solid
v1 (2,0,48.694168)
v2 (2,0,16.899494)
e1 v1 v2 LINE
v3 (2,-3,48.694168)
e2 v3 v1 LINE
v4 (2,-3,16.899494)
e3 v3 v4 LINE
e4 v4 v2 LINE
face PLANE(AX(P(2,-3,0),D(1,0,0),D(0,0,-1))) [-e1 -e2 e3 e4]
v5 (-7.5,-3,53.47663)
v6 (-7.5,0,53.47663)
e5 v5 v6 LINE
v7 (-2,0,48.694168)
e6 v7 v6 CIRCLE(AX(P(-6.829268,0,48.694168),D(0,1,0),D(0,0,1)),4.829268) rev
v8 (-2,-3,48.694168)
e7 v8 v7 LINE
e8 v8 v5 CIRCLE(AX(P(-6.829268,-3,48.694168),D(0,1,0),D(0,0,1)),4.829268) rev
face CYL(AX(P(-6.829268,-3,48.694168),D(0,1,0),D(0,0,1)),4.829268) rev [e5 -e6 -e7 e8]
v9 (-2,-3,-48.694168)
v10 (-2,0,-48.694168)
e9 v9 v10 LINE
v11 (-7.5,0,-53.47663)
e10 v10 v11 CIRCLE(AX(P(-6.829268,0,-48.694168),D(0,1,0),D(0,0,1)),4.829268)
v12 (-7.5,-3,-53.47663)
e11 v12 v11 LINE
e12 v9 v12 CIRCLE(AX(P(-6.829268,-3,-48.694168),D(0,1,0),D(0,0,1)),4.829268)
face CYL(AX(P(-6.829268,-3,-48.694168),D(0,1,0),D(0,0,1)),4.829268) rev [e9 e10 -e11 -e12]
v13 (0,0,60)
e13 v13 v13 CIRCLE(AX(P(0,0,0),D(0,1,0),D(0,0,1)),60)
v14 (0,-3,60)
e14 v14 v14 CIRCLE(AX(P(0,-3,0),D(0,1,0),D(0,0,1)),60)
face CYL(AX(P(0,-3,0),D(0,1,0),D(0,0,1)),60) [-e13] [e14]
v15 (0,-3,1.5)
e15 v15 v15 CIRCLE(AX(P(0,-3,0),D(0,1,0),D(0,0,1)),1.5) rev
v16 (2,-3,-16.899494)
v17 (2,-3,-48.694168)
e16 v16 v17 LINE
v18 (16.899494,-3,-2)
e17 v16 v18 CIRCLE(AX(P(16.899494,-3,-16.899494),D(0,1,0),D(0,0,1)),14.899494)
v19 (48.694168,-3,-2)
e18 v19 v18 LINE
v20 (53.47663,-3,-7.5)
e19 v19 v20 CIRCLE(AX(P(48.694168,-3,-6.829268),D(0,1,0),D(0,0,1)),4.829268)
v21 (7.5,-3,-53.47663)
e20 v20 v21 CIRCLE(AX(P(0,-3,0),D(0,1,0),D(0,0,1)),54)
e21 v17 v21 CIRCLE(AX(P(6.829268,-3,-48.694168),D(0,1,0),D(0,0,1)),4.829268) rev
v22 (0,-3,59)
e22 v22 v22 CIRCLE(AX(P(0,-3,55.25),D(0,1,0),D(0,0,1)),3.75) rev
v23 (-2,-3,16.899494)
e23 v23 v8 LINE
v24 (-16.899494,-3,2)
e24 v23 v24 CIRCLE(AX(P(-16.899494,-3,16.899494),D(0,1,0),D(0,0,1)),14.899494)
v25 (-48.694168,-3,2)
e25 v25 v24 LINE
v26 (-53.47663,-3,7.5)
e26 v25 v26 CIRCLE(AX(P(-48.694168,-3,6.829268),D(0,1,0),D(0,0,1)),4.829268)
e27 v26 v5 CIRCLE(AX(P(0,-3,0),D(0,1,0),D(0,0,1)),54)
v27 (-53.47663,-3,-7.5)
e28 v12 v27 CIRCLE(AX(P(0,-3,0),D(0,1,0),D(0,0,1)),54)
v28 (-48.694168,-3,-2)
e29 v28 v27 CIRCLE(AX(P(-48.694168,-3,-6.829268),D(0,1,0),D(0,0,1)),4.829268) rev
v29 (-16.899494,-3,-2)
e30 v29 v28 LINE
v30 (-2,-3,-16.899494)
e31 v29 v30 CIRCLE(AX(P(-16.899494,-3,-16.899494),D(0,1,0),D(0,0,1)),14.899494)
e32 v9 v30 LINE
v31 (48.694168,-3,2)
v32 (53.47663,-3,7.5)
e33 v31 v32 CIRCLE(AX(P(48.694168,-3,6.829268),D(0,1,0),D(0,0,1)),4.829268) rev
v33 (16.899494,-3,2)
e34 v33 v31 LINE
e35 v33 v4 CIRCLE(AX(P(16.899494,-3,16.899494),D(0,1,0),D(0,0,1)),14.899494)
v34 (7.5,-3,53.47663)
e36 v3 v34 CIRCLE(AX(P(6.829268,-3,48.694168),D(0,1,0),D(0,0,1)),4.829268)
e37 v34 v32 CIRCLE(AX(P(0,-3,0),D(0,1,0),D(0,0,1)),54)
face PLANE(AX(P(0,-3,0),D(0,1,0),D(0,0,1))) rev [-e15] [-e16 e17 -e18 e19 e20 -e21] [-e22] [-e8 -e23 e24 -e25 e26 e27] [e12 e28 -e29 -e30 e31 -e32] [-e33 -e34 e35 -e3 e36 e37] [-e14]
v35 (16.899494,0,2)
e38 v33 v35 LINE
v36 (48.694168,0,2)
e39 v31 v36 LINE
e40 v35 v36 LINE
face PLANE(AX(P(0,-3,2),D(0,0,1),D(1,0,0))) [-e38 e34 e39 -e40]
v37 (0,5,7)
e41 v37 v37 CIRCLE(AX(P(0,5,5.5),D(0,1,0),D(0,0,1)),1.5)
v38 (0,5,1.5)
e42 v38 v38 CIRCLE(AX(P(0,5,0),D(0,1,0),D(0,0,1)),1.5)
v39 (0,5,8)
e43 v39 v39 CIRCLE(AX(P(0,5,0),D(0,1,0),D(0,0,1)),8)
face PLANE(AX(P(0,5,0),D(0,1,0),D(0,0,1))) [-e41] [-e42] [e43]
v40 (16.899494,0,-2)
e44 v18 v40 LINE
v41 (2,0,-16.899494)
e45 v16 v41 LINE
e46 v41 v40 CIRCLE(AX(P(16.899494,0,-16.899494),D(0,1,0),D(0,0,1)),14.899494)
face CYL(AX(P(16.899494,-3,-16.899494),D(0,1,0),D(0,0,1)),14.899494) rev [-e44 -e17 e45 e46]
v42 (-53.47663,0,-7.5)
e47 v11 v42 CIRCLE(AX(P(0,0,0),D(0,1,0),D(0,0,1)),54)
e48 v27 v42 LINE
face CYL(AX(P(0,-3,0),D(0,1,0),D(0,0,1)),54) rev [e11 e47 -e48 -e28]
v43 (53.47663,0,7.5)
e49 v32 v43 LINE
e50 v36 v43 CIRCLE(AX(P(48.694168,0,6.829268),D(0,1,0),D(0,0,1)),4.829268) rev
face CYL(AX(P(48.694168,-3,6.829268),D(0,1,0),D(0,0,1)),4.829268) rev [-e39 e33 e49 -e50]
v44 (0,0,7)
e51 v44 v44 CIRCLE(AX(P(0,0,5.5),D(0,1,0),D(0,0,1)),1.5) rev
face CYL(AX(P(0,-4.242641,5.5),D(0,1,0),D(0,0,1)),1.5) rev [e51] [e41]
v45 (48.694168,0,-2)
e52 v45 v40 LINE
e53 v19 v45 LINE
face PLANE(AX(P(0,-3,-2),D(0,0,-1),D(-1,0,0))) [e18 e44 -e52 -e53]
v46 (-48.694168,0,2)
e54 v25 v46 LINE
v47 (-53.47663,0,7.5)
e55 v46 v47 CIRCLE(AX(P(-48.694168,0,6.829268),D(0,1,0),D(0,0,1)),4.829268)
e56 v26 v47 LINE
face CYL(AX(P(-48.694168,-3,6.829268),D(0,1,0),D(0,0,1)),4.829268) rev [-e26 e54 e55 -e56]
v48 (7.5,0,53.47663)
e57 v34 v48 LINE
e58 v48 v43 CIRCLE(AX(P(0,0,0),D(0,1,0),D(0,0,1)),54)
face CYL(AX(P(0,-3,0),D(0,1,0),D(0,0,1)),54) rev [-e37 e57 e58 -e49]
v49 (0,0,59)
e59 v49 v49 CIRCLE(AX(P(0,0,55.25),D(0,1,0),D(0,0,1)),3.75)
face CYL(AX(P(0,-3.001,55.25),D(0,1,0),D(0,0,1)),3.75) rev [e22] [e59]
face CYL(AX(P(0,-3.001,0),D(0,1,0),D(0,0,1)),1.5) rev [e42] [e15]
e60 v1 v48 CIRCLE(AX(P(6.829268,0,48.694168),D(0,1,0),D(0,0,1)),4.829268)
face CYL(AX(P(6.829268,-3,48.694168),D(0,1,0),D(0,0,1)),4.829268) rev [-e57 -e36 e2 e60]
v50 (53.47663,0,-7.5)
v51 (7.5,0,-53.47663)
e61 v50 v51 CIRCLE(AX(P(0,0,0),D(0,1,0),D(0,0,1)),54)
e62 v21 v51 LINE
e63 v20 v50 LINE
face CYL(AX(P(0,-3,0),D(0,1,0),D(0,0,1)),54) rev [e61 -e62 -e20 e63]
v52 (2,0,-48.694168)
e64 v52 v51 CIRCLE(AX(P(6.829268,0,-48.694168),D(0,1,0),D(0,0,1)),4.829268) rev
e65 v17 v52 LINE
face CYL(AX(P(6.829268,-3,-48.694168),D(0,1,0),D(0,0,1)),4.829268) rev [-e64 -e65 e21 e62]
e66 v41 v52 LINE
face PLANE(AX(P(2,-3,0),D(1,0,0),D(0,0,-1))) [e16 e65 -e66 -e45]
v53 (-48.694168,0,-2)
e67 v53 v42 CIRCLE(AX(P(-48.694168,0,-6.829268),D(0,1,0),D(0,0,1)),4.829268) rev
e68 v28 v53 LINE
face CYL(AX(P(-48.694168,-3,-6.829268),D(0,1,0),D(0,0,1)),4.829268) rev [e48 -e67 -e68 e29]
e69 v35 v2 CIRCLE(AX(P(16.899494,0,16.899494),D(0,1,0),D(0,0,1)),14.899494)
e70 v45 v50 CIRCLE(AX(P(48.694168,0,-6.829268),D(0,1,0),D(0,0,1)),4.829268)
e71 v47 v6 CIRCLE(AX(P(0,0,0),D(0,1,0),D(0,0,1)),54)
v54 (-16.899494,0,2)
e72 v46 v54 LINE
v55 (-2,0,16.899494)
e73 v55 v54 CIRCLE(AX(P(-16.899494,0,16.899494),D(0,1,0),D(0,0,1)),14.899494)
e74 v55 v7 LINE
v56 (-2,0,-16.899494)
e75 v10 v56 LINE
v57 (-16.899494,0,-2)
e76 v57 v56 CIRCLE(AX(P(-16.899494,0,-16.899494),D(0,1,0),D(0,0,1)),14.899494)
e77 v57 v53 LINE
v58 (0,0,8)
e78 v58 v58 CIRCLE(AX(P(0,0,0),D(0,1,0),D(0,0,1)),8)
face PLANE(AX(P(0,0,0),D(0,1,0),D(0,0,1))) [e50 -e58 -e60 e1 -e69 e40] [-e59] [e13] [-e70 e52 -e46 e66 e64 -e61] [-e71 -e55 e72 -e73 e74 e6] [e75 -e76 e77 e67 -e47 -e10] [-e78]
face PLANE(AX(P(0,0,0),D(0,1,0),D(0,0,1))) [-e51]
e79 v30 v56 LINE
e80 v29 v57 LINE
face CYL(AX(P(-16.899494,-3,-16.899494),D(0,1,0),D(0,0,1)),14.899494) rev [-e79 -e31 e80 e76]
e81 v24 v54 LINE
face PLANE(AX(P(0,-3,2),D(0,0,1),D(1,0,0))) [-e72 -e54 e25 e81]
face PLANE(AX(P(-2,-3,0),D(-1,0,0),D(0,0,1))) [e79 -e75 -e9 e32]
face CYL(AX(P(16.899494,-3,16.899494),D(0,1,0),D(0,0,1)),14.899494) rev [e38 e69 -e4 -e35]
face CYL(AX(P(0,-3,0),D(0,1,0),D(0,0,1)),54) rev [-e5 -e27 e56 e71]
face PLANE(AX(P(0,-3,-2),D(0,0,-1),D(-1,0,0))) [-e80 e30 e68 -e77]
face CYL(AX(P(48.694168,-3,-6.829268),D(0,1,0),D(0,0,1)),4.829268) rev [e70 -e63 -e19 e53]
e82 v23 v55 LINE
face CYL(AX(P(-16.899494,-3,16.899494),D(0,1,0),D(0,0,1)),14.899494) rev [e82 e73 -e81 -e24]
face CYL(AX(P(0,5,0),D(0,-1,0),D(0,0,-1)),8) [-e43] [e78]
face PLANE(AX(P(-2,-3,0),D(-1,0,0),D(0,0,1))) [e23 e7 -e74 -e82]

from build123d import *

# Parameters (mm, degrees)
SKETCH1_R           = 60
BOSS_EXTRUDE1_DEPTH = 3
SKETCH1_3_R         = 8
BOSS_EXTRUDE2_DEPTH = 5
CUT_EXTRUDE1_REACH  = 10
SKETCH2_R           = 1.5
CUT_EXTRUDE2_REACH  = 5
SKETCH3_R           = 3.75
SKETCH4_R           = 1.5
CUT_EXTRUDE3_DEPTH  = 5


with BuildPart() as part:
    # Sketch1 → Boss-Extrude1 (new body)
    with BuildSketch(Plane(origin=(0, 0, 0), x_dir=(1, 0, 0), z_dir=(0, 1, 0))):
        Circle(SKETCH1_R)
        with BuildLine():
            ThreePointArc((7.5, -53.47663041), (3.660460389, -52.338407931), (2.000000204, -48.694167705))
            Line((2.000000204, -48.694167705), (2.000000204, -16.899494443))
            ThreePointArc((2.000000204, -16.899494443), (6.363961031, -6.363961031), (16.899494443, -2.000000204))
            Line((16.899494443, -2.000000204), (48.694167705, -2.000000204))
            ThreePointArc((48.694167705, -2.000000204), (52.338407931, -3.660460389), (53.47663041, -7.5))
            ThreePointArc((53.47663041, -7.5), (38.183766184, -38.183766184), (7.5, -53.47663041))
        make_face(mode=Mode.SUBTRACT)
        with BuildLine():
            ThreePointArc((53.47663041, 7.5), (52.338407931, 3.660460389), (48.694167705, 2.000000204))
            Line((48.694167705, 2.000000204), (16.899494443, 2.000000204))
            ThreePointArc((16.899494443, 2.000000204), (6.363961031, 6.363961031), (2.000000204, 16.899494443))
            Line((2.000000204, 16.899494443), (2.000000204, 48.694167705))
            ThreePointArc((2.000000204, 48.694167705), (3.660460389, 52.338407931), (7.5, 53.47663041))
            ThreePointArc((7.5, 53.47663041), (38.183766184, 38.183766184), (53.47663041, 7.5))
        make_face(mode=Mode.SUBTRACT)
        with BuildLine():
            ThreePointArc((-7.5, 53.47663041), (-3.660460389, 52.338407931), (-2.000000204, 48.694167705))
            Line((-2.000000204, 48.694167705), (-2.000000204, 16.899494443))
            ThreePointArc((-2.000000204, 16.899494443), (-6.363961031, 6.363961031), (-16.899494443, 2.000000204))
            Line((-16.899494443, 2.000000204), (-48.694167705, 2.000000204))
            ThreePointArc((-48.694167705, 2.000000204), (-52.338407931, 3.660460389), (-53.47663041, 7.5))
            ThreePointArc((-53.47663041, 7.5), (-38.183766184, 38.183766184), (-7.5, 53.47663041))
        make_face(mode=Mode.SUBTRACT)
        with BuildLine():
            ThreePointArc((-53.47663041, -7.5), (-52.338407931, -3.660460389), (-48.694167705, -2.000000204))
            Line((-48.694167705, -2.000000204), (-16.899494443, -2.000000204))
            ThreePointArc((-16.899494443, -2.000000204), (-6.363961031, -6.363961031), (-2.000000204, -16.899494443))
            Line((-2.000000204, -16.899494443), (-2.000000204, -48.694167705))
            ThreePointArc((-2.000000204, -48.694167705), (-3.660460389, -52.338407931), (-7.5, -53.47663041))
            ThreePointArc((-7.5, -53.47663041), (-38.183766184, -38.183766184), (-53.47663041, -7.5))
        make_face(mode=Mode.SUBTRACT)
    extrude(amount=-BOSS_EXTRUDE1_DEPTH)

    # Sketch1<3> → Boss-Extrude2 (add)
    with BuildSketch(Plane(origin=(0, 0, 0), x_dir=(1, 0, 0), z_dir=(0, 1, 0))):
        Circle(SKETCH1_3_R)
    extrude(amount=BOSS_EXTRUDE2_DEPTH)

    # Sketch2 → Cut-Extrude1 (cut, up to next)
    with BuildSketch(Plane(origin=(0, 5, 0), x_dir=(1, 0, 0), z_dir=(0, 1, 0)), mode=Mode.PRIVATE) as cut_extrude1_sk1:
        Circle(SKETCH2_R)
    cut_extrude1_tool1 = extrude(cut_extrude1_sk1.sketch, amount=-CUT_EXTRUDE1_REACH, mode=Mode.PRIVATE) & part.part
    add(cut_extrude1_tool1.solids().sort_by_distance((0, 5, 0))[0], mode=Mode.SUBTRACT)

    # Sketch3 → Cut-Extrude2 (cut, up to next)
    with BuildSketch(Plane(origin=(0, 0, 0), x_dir=(1, 0, 0), z_dir=(0, 1, 0)), mode=Mode.PRIVATE) as cut_extrude2_sk1:
        with Locations((0, -55.25)):
            Circle(SKETCH3_R)
    cut_extrude2_tool1 = extrude(cut_extrude2_sk1.sketch, amount=-CUT_EXTRUDE2_REACH, mode=Mode.PRIVATE) & part.part
    add(cut_extrude2_tool1.solids().sort_by_distance((0, 0, 55.25))[0], mode=Mode.SUBTRACT)

    # Sketch4 → Cut-Extrude3 (cut)
    with BuildSketch(Plane(origin=(0, 5, 0), x_dir=(1, 0, 0), z_dir=(0, 1, 0))):
        with Locations((0, -5.5)):
            Circle(SKETCH4_R)
    extrude(amount=-CUT_EXTRUDE3_DEPTH, mode=Mode.SUBTRACT)


solid = part.part
